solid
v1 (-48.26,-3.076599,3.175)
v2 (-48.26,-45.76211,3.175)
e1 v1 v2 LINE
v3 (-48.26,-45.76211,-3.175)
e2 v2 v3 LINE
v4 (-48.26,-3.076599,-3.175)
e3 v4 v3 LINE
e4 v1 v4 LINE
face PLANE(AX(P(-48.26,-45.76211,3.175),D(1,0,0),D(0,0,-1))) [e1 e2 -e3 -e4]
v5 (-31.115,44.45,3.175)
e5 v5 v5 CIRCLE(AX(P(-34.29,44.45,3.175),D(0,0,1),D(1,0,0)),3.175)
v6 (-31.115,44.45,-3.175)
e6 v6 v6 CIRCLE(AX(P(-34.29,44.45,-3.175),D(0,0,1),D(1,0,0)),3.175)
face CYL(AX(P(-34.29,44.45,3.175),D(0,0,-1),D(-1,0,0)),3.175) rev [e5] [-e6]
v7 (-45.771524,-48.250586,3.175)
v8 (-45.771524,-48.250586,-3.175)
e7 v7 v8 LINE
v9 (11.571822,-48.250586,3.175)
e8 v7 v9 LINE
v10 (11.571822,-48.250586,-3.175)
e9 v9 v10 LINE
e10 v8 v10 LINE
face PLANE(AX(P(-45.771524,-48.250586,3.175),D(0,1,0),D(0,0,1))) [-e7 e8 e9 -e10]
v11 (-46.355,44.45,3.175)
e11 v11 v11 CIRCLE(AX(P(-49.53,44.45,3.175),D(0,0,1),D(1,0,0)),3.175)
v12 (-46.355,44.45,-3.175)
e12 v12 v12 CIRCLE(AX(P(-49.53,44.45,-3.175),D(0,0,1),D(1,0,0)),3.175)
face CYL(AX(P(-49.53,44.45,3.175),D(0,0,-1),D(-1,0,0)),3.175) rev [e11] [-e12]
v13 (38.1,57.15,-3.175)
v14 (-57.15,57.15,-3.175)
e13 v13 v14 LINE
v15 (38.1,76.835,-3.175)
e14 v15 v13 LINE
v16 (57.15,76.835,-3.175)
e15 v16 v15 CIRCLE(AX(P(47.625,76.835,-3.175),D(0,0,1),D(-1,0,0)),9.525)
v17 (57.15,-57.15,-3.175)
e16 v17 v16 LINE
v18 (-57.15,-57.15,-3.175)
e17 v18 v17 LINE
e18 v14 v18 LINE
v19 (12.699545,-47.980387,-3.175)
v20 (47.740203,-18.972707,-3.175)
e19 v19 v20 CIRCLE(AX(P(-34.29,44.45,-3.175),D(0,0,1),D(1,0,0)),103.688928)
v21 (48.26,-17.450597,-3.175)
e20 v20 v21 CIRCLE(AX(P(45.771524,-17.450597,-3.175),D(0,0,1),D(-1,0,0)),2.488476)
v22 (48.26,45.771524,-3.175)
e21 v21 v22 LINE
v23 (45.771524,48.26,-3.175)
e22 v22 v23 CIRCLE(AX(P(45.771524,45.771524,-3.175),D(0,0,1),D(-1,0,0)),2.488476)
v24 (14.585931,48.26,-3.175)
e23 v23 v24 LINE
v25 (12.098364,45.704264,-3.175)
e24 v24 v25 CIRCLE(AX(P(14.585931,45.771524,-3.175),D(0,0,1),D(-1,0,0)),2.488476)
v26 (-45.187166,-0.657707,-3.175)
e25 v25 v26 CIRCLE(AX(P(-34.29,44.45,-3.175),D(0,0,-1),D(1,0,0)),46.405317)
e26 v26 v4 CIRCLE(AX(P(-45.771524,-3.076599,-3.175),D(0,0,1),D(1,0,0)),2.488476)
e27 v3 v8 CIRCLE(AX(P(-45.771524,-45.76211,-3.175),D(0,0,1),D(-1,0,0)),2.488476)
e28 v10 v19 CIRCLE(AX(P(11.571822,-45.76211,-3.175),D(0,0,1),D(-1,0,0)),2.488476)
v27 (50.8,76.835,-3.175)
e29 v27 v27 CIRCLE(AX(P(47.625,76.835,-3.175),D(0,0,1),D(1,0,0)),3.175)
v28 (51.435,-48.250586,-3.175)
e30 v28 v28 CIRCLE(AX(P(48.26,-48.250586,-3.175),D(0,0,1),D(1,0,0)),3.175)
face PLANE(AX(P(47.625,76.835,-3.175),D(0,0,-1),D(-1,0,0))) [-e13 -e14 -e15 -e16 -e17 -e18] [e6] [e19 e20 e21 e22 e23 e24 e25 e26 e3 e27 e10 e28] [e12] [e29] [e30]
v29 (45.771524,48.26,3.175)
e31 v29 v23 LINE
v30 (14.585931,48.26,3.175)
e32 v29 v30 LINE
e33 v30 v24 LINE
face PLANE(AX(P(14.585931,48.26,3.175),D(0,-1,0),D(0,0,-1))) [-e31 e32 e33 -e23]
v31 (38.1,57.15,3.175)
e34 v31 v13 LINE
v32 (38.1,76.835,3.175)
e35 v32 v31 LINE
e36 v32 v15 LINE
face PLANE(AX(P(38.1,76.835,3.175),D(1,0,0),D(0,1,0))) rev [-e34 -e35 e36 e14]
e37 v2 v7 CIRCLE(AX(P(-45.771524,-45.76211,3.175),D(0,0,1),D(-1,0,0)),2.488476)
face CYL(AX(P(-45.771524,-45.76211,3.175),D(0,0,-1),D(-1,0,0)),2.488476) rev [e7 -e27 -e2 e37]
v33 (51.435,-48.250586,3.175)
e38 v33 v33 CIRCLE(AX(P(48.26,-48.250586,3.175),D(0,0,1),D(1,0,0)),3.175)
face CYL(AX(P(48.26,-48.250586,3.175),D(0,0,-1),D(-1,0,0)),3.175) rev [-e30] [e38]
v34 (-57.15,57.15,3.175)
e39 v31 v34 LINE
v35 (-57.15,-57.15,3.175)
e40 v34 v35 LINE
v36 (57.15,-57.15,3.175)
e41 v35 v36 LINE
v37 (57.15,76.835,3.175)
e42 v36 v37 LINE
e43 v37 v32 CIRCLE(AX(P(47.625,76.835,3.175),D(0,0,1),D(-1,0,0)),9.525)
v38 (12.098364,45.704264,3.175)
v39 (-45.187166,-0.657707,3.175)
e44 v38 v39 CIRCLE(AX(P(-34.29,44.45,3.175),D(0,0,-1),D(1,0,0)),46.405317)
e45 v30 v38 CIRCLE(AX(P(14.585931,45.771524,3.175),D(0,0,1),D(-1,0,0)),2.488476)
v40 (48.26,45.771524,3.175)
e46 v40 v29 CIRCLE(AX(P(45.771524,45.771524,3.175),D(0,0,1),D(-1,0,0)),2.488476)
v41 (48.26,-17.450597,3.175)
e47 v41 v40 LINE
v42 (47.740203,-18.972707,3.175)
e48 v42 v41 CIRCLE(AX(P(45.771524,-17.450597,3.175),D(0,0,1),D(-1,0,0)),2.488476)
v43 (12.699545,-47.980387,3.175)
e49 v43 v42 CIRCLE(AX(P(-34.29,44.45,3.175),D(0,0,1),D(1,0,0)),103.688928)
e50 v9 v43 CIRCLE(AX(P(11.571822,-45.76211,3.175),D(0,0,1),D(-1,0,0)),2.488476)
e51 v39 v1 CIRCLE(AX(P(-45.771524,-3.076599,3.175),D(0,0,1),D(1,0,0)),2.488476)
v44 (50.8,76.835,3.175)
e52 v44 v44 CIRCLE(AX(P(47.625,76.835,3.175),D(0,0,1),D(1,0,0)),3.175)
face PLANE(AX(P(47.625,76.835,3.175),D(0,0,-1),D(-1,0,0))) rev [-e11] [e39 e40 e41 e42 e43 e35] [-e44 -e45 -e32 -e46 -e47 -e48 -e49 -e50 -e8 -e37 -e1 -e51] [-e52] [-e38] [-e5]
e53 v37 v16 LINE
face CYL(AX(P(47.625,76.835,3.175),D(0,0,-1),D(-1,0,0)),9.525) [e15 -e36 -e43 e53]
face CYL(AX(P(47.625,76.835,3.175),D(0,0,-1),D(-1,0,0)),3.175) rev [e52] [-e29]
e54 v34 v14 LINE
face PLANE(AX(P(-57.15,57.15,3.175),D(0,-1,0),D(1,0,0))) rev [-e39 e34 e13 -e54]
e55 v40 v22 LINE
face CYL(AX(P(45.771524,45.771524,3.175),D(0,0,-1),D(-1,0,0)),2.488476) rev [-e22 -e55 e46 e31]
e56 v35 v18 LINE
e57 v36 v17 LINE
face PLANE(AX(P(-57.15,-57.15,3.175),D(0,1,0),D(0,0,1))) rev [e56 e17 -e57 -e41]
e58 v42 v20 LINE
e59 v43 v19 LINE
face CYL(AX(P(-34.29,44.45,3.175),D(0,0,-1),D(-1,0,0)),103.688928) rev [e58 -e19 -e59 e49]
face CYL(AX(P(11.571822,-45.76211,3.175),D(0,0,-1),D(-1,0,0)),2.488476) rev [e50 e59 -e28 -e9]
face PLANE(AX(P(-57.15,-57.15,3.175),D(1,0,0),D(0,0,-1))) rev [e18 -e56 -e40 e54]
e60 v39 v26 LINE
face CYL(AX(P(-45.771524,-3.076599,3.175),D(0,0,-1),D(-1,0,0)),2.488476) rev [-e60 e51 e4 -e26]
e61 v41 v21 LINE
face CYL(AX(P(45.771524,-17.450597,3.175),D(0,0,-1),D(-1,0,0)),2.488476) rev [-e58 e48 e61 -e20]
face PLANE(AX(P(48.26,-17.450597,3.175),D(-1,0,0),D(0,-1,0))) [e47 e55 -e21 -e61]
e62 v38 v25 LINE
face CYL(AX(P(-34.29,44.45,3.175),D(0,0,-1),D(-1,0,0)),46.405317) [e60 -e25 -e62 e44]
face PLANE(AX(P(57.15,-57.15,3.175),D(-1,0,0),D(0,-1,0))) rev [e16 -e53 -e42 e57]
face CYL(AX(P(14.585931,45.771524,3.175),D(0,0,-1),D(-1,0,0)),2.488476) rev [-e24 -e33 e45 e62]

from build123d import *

# Parameters (mm, degrees)
SKETCH1_R           = 3.175
BOSS_EXTRUDE1_DEPTH = 3.175


with BuildPart() as part:
    # Sketch1 → Boss-Extrude1 (new, symmetric)
    with BuildSketch(Plane.XY):
        with BuildLine():
            Line((-57.15, -57.15), (57.15, -57.15))
            Line((57.15, -57.15), (57.15, 76.835))
            ThreePointArc((57.15, 76.835), (47.625, 86.36), (38.1, 76.835))
            Line((38.1, 76.835), (38.1, 57.15))
            Line((38.1, 57.15), (-57.15, 57.15))
            Line((-57.15, 57.15), (-57.15, -57.15))
        make_face()
        with Locations((-49.53, 44.45)):
            Circle(SKETCH1_R, mode=Mode.SUBTRACT)
        with Locations((-34.29, 44.45)):
            Circle(SKETCH1_R, mode=Mode.SUBTRACT)
        with Locations((48.26, -48.25058611)):
            Circle(SKETCH1_R, mode=Mode.SUBTRACT)
        with Locations((47.625, 76.835)):
            Circle(SKETCH1_R, mode=Mode.SUBTRACT)
        with BuildLine():
            Line((-45.77152391, -48.25058611), (11.571822448, -48.25058611))
            ThreePointArc((11.571822448, -48.25058611), (12.151642643, -48.182093861), (12.69954516, -47.980387445))
            ThreePointArc((12.69954516, -47.980387445), (31.830233088, -35.421826409), (47.740202739, -18.972706629))
            ThreePointArc((47.740202739, -18.972706629), (48.126468012, -18.254805898), (48.26, -17.450597264))
            Line((48.26, -17.450597264), (48.26, 45.77152391))
            ThreePointArc((48.26, 45.77152391), (47.531142228, 47.531142228), (45.77152391, 48.26))
            Line((45.77152391, 48.26), (14.585930721, 48.26))
            ThreePointArc((14.585930721, 48.26), (12.802691065, 47.50719945), (12.09836376, 45.704264235))
            ThreePointArc((12.09836376, 45.704264235), (-5.096432418, 8.378001401), (-45.187165534, -0.657707262))
            ThreePointArc((-45.187165534, -0.657707262), (-47.310736599, -1.121263606), (-48.26, -3.076599268))
            Line((-48.26, -3.076599268), (-48.26, -45.76211002))
            ThreePointArc((-48.26, -45.76211002), (-47.531142228, -47.521728338), (-45.77152391, -48.25058611))
        make_face(mode=Mode.SUBTRACT)
    extrude(amount=BOSS_EXTRUDE1_DEPTH, both=True)


solid = part.part
